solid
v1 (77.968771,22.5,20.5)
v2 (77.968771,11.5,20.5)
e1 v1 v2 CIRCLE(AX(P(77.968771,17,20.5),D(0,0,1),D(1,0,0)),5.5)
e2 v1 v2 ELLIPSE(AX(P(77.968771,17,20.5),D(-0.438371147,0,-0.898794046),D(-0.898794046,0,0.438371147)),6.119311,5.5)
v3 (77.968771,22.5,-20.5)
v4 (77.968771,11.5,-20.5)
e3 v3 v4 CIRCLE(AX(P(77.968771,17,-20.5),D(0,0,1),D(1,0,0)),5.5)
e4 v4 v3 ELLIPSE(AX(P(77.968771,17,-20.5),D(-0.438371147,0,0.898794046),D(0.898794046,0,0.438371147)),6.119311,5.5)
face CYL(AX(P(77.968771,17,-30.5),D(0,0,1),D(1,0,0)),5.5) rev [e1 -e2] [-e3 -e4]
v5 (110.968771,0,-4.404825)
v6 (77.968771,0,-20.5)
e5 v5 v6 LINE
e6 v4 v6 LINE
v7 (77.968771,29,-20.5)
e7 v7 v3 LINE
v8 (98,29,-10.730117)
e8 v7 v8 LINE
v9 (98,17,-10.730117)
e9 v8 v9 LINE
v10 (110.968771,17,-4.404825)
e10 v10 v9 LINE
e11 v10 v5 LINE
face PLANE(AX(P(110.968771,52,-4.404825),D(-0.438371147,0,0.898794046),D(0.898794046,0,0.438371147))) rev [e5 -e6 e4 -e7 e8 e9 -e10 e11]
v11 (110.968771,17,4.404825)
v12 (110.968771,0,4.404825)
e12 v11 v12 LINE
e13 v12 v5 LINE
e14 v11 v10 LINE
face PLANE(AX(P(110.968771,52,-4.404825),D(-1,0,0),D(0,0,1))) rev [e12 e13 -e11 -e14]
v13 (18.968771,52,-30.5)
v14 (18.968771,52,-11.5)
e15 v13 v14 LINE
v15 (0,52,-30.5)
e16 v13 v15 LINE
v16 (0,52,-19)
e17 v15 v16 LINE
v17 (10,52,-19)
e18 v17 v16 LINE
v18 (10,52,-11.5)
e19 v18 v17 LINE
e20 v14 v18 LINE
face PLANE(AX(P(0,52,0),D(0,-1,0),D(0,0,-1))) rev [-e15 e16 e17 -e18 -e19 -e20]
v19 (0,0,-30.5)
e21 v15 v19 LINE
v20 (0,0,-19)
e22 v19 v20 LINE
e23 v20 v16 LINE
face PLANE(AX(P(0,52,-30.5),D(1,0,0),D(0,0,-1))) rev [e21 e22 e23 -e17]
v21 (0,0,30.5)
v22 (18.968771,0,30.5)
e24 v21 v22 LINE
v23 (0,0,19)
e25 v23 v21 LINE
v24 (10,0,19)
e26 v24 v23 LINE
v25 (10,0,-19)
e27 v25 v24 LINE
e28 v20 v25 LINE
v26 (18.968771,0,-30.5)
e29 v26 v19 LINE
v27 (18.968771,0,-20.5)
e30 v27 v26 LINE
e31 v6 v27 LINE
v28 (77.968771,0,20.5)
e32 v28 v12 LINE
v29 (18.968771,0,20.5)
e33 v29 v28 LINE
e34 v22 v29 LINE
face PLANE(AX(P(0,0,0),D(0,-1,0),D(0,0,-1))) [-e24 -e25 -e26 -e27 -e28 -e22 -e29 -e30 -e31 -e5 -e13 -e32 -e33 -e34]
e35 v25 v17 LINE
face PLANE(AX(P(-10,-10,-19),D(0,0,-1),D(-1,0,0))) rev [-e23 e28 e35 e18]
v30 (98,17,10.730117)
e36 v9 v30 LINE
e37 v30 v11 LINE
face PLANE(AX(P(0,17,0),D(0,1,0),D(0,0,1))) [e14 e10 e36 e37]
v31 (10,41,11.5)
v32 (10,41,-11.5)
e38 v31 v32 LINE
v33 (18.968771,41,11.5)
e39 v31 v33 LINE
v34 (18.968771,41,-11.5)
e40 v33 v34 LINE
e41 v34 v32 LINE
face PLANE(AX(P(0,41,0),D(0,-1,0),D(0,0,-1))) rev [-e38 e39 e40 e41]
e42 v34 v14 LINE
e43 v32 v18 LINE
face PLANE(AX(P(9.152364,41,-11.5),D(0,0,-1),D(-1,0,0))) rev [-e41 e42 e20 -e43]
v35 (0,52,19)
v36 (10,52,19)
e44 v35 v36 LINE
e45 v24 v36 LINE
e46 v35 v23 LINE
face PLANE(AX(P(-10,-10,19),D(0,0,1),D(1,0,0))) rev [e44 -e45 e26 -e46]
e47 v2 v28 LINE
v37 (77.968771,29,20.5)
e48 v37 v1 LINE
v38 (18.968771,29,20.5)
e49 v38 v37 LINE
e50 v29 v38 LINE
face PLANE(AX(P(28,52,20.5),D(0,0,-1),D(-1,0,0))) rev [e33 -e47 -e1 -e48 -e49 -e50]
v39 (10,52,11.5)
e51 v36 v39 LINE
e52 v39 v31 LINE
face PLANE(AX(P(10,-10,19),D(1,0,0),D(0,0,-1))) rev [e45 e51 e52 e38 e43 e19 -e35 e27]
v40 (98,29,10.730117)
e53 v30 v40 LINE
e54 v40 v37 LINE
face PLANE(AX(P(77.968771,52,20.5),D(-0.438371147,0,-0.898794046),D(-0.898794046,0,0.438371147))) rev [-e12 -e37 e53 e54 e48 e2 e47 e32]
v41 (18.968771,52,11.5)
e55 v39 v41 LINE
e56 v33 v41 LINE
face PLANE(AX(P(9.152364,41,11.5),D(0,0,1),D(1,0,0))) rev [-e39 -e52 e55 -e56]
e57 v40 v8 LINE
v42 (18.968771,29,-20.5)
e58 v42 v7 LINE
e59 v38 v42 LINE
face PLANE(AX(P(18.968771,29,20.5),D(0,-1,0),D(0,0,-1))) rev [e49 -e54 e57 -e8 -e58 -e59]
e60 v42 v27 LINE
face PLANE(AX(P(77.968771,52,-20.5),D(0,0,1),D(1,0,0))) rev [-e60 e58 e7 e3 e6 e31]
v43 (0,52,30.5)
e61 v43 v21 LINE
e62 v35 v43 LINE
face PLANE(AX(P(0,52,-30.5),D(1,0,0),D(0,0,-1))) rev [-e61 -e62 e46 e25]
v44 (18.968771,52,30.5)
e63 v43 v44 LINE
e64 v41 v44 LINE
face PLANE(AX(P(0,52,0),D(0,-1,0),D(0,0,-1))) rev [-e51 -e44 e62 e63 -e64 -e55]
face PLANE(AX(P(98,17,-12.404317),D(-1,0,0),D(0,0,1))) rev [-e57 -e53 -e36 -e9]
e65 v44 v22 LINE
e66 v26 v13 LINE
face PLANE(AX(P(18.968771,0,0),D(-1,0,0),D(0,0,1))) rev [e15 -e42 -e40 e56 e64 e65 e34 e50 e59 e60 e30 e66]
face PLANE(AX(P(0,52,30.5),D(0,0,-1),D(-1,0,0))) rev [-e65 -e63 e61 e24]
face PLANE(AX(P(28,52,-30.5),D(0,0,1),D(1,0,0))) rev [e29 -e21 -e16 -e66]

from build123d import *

# Parameters (mm, degrees)
BOSS_EXTRUDE1_DEPTH = 52
SKETCH2_W           = 41
SKETCH2_H           = 23
CUT_EXTRUDE1_DEPTH  = 92
SKETCH3_W           = 10
SKETCH3_H           = 52
CUT_EXTRUDE2_DEPTH  = 9.031229
CUT_EXTRUDE3_DEPTH  = 35
SKETCH5_W           = 20
SKETCH5_H           = 38
CUT_EXTRUDE4_DEPTH  = 62
SKETCH6_W           = 9.816407164
SKETCH6_H           = 23
CUT_EXTRUDE5_DEPTH  = 11
SKETCH8_R           = 5.5
CUT_EXTRUDE6_DEPTH  = 52


with BuildPart() as part:
    # Sketch1 → Boss-Extrude1 (new body)
    with BuildSketch(Plane(origin=(0, 0, 0), x_dir=(1, 0, 0), z_dir=(0, 1, 0))):
        Polygon((0, 30.5), (0, -30.5), (28, -30.5), (28, -20.5), (77.968771248, -20.5), (110.968771248, -4.404824577), (110.968771248, 4.404824577), (77.968771248, 20.5), (28, 20.5), (28, 30.5), align=None)
    extrude(amount=BOSS_EXTRUDE1_DEPTH)

    # Sketch2 → Cut-Extrude1 (cut)
    with BuildSketch(Plane(origin=(110.968771248, 0, 0), x_dir=(0, 0, -1), z_dir=(1, 0, 0))):
        with Locations((0, 40.5)):
            Rectangle(SKETCH2_W, SKETCH2_H)
    extrude(amount=-CUT_EXTRUDE1_DEPTH, mode=Mode.SUBTRACT)

    # Sketch3 → Cut-Extrude2 (cut)
    with BuildSketch(Plane(origin=(28, 0, 0), x_dir=(0, 0, -1), z_dir=(1, 0, 0))):
        with Locations((-25.5, 26)):
            Rectangle(SKETCH3_W, SKETCH3_H)
        with Locations((25.5, 26)):
            Rectangle(SKETCH3_W, SKETCH3_H)
    extrude(amount=-CUT_EXTRUDE2_DEPTH, mode=Mode.SUBTRACT)

    # Sketch4 → Cut-Extrude3 (cut)
    with BuildSketch(Plane(origin=(0, 52, 0), x_dir=(1, 0, 0), z_dir=(0, 1, 0))):
        Polygon((120, 0), (120, 12.404317322), (98, 12.404317322), (98, -13.293630883), (120, -13.293630883), align=None)
    extrude(amount=-CUT_EXTRUDE3_DEPTH, mode=Mode.SUBTRACT)

    # Sketch5 → Cut-Extrude4 (cut)
    with BuildSketch(Plane(origin=(0, 52, 0), x_dir=(1, 0, 0), z_dir=(0, 1, 0))):
        Rectangle(SKETCH5_W, SKETCH5_H)
    extrude(amount=-CUT_EXTRUDE4_DEPTH, mode=Mode.SUBTRACT)

    # Sketch6 → Cut-Extrude5 (cut)
    with BuildSketch(Plane(origin=(0, 52, 0), x_dir=(1, 0, 0), z_dir=(0, 1, 0))):
        with Locations((14.060567666, 0)):
            Rectangle(SKETCH6_W, SKETCH6_H)
    extrude(amount=-CUT_EXTRUDE5_DEPTH, mode=Mode.SUBTRACT)

    # Sketch8 → Cut-Extrude6 (cut, through all)
    with BuildSketch(Plane.XY.offset(20.5)):
        with Locations((77.968771248, 17)):
            Circle(SKETCH8_R)
    extrude(amount=-CUT_EXTRUDE6_DEPTH, mode=Mode.SUBTRACT)


solid = part.part
